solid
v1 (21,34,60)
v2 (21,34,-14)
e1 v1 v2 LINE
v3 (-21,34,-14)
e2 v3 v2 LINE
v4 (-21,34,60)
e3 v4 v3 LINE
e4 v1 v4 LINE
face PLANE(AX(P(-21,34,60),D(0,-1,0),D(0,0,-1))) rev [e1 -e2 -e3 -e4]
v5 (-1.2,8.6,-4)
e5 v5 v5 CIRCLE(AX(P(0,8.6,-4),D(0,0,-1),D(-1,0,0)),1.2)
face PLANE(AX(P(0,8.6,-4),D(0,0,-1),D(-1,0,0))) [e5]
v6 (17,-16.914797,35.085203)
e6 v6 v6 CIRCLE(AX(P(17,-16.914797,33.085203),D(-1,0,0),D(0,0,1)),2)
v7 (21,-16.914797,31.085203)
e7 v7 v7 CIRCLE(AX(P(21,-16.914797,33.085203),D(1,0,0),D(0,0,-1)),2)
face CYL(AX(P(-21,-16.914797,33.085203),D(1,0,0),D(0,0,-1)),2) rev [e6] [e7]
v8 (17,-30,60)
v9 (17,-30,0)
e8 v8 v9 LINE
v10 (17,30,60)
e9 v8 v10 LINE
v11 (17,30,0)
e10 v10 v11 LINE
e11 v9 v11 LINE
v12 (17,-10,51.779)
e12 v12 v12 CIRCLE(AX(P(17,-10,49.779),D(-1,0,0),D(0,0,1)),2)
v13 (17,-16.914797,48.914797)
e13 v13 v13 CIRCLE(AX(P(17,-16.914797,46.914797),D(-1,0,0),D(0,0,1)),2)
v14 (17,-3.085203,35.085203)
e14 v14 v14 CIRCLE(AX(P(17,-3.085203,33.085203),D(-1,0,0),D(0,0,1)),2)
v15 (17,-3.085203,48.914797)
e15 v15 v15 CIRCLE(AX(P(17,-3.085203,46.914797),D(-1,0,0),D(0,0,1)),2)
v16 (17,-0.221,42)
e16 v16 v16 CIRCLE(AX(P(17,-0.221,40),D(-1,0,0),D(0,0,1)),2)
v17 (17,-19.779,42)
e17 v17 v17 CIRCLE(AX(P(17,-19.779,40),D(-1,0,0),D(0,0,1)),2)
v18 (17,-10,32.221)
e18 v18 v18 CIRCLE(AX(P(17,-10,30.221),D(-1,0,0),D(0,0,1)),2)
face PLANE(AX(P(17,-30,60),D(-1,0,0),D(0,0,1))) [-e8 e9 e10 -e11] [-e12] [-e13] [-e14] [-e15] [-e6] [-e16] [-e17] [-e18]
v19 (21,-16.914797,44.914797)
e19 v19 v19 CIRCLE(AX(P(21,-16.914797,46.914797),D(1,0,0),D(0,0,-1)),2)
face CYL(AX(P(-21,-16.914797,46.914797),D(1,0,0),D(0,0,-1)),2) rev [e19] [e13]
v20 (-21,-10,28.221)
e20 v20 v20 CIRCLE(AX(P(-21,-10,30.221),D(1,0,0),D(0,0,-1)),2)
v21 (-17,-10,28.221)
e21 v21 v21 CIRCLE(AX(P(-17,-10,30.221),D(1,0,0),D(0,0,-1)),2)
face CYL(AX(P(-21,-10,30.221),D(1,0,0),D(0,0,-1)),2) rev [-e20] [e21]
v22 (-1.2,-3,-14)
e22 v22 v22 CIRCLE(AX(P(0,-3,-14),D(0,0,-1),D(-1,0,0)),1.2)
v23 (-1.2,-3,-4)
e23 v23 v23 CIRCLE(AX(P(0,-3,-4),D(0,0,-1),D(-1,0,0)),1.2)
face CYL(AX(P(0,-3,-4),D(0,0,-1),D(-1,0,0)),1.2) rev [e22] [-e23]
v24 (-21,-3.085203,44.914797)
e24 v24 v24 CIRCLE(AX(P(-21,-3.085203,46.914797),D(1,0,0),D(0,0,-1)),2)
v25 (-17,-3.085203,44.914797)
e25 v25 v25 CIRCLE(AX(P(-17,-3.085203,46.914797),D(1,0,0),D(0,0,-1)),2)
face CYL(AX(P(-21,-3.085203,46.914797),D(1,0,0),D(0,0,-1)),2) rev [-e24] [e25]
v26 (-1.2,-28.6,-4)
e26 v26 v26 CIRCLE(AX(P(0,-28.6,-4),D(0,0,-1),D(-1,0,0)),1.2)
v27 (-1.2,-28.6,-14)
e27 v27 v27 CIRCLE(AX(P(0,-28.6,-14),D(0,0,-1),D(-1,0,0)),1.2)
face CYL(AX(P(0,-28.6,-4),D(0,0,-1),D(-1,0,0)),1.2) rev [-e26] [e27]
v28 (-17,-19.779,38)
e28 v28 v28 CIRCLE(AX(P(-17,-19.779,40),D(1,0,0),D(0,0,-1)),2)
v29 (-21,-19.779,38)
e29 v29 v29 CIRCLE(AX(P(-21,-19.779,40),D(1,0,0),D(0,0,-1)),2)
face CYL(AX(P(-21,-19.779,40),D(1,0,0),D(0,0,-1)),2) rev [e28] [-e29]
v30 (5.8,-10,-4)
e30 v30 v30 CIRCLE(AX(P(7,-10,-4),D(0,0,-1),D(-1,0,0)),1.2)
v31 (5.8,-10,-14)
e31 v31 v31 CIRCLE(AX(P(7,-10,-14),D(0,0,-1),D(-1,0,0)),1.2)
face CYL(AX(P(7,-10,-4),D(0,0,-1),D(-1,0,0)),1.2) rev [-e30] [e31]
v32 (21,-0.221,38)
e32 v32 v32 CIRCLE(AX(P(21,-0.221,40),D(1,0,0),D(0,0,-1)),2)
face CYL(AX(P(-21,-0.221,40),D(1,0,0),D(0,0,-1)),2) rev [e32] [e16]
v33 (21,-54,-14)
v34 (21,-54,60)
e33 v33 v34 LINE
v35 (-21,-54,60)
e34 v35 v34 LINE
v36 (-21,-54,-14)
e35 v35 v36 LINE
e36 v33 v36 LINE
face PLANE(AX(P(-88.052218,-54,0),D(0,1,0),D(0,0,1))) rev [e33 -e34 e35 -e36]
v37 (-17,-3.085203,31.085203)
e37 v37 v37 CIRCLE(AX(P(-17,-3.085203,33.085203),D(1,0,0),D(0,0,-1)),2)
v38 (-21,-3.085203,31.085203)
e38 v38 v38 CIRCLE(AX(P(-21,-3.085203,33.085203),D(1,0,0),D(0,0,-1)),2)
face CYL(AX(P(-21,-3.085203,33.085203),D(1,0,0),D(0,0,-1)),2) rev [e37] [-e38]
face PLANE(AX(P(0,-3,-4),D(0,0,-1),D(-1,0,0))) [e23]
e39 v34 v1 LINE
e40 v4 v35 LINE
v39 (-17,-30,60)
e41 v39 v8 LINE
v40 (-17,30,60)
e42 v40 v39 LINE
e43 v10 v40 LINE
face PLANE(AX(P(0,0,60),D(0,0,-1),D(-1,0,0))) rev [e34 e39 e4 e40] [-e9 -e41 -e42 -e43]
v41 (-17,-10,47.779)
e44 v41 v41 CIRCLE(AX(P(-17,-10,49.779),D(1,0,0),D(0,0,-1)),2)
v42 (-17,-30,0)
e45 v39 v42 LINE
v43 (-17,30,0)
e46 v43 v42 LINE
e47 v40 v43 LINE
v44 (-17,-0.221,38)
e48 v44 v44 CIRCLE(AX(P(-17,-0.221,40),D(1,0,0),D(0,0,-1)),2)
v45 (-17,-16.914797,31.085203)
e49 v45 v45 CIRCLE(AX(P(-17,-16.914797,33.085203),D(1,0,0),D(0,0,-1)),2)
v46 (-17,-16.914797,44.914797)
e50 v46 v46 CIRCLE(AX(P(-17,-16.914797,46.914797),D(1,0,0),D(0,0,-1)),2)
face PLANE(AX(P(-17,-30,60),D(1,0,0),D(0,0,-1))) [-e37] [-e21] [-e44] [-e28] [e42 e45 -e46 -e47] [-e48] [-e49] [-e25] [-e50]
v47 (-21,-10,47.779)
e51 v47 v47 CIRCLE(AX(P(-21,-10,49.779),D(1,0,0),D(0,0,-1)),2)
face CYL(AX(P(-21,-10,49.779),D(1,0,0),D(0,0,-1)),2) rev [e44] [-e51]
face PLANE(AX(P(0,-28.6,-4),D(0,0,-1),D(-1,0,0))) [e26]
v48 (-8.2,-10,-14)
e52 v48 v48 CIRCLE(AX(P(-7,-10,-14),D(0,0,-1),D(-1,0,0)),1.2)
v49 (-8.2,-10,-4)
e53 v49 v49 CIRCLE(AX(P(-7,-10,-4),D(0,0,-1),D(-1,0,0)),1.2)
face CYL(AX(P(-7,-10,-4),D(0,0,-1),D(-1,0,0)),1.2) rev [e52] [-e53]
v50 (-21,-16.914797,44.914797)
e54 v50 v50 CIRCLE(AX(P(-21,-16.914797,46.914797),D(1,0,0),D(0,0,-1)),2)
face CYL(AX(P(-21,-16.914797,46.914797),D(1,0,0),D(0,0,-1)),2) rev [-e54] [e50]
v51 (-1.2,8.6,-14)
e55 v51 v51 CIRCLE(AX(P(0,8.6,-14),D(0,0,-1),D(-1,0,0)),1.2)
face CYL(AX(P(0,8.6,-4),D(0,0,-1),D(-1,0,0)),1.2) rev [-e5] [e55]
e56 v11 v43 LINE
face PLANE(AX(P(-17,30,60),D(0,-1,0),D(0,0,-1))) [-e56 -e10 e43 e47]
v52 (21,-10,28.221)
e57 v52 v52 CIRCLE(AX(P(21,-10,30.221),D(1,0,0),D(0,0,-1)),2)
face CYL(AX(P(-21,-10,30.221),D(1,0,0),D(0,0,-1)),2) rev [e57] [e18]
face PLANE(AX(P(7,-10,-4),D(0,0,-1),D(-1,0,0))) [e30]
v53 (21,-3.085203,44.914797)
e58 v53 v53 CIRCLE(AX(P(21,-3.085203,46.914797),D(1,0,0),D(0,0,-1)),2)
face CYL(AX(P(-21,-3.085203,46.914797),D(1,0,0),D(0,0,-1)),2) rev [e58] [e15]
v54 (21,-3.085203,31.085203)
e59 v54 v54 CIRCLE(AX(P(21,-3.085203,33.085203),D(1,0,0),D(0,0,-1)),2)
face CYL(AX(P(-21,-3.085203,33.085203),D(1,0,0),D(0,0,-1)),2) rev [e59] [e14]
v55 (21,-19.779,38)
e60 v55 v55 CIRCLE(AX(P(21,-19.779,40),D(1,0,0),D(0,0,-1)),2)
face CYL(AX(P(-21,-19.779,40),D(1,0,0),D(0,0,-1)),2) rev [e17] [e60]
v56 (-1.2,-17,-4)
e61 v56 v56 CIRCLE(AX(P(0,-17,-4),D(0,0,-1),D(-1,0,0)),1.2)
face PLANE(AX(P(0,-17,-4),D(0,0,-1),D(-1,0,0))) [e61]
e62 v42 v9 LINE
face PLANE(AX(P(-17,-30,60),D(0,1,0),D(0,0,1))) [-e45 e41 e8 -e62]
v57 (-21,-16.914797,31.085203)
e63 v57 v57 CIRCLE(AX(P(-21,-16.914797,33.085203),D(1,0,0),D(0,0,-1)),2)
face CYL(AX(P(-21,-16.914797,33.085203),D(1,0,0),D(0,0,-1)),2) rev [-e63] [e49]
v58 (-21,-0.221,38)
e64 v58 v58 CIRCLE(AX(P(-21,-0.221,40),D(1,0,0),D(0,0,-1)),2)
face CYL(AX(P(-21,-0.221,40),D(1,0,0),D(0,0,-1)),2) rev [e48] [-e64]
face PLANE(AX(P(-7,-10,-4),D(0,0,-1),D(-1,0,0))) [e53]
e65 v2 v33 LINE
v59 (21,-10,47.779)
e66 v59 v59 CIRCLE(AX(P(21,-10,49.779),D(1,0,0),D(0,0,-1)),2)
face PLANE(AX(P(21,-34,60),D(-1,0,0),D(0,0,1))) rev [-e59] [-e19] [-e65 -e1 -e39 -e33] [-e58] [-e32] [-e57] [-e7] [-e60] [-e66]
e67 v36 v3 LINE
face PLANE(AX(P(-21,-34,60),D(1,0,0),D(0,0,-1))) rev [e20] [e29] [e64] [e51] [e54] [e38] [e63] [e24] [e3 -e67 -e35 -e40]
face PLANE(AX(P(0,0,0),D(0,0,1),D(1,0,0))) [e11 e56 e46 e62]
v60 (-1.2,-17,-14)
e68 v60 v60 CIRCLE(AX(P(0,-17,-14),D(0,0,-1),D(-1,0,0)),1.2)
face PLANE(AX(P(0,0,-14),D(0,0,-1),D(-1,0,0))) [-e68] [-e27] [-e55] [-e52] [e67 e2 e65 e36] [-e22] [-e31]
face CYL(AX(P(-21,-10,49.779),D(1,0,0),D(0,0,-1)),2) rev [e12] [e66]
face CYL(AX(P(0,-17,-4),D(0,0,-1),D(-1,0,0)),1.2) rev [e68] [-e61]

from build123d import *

# Parameters (mm, degrees)
CROQUIS1_W                 = 42
CROQUIS1_H                 = 68
CROQUIS1_W_2               = 34
CROQUIS1_H_2               = 60
SALIENTE_EXTRUIR1_DEPTH    = 60
CROQUIS2_R                 = 2
CORTAR_EXTRUIR1_DEPTH      = 39
CORTAR_EXTRUIR1_DEPTH_BACK = 5
CROQUIS3_W                 = 42
CROQUIS3_H                 = 68
SALIENTE_EXTRUIR2_DEPTH    = 4
CROQUIS4_W                 = 64
CROQUIS4_H                 = 20
SALIENTE_EXTRUIR3_DEPTH    = 42
CROQUIS5_W                 = 42
CROQUIS5_H                 = 88
SALIENTE_EXTRUIR4_DEPTH    = 10
CROQUIS6_R                 = 1.2
CORTAR_EXTRUIR2_DEPTH      = 10


with BuildPart() as part:
    # Croquis1 → Saliente-Extruir1 (new body)
    with BuildSketch(Plane.XY):
        Rectangle(CROQUIS1_W, CROQUIS1_H)
        Rectangle(CROQUIS1_W_2, CROQUIS1_H_2, mode=Mode.SUBTRACT)
    extrude(amount=SALIENTE_EXTRUIR1_DEPTH)

    # Croquis2 → Cortar-Extruir1 (cut, two sides)
    with BuildSketch(Plane(origin=(-17, 0, 0), x_dir=(0, 0, -1), z_dir=(1, 0, 0))) as cortar_extruir1_sk:
        with Locations((-49.779, -10)):
            Circle(CROQUIS2_R)
        with Locations((-46.914797213, -3.085202787)):
            Circle(CROQUIS2_R)
        with Locations((-40, -0.221)):
            Circle(CROQUIS2_R)
        with Locations((-33.085202787, -3.085202787)):
            Circle(CROQUIS2_R)
        with Locations((-30.221, -10)):
            Circle(CROQUIS2_R)
        with Locations((-33.085202787, -16.914797213)):
            Circle(CROQUIS2_R)
        with Locations((-40, -19.779)):
            Circle(CROQUIS2_R)
        with Locations((-46.914797213, -16.914797213)):
            Circle(CROQUIS2_R)
    extrude(amount=CORTAR_EXTRUIR1_DEPTH, mode=Mode.SUBTRACT)
    extrude(cortar_extruir1_sk.sketch, amount=-CORTAR_EXTRUIR1_DEPTH_BACK, mode=Mode.SUBTRACT)

    # Croquis3 → Saliente-Extruir2 (add)
    with BuildSketch(Plane(origin=(0, 0, 0), x_dir=(-1, 0, 0), z_dir=(0, 0, -1))):
        Rectangle(CROQUIS3_W, CROQUIS3_H)
    extrude(amount=SALIENTE_EXTRUIR2_DEPTH)

    # Croquis4 → Saliente-Extruir3 (add)
    with BuildSketch(Plane(origin=(21, 0, 0), x_dir=(0, 0, -1), z_dir=(1, 0, 0))):
        with Locations((-28, -44)):
            Rectangle(CROQUIS4_W, CROQUIS4_H)
    extrude(amount=-SALIENTE_EXTRUIR3_DEPTH)

    # Croquis5 → Saliente-Extruir4 (add)
    with BuildSketch(Plane(origin=(0, 0, -4), x_dir=(-1, 0, 0), z_dir=(0, 0, -1))):
        with Locations((0, -10)):
            Rectangle(CROQUIS5_W, CROQUIS5_H)
    extrude(amount=SALIENTE_EXTRUIR4_DEPTH)

    # Croquis6 → Cortar-Extruir2 (cut)
    with BuildSketch(Plane(origin=(0, 0, -14), x_dir=(-1, 0, 0), z_dir=(0, 0, -1))):
        with Locations((0, -3)):
            Circle(CROQUIS6_R)
        with Locations((0, 8.6)):
            Circle(CROQUIS6_R)
        with Locations((7, -10)):
            Circle(CROQUIS6_R)
        with Locations((0, -17)):
            Circle(CROQUIS6_R)
        with Locations((-7, -10)):
            Circle(CROQUIS6_R)
        with Locations((0, -28.6)):
            Circle(CROQUIS6_R)
    extrude(amount=-CORTAR_EXTRUIR2_DEPTH, mode=Mode.SUBTRACT)


solid = part.part
